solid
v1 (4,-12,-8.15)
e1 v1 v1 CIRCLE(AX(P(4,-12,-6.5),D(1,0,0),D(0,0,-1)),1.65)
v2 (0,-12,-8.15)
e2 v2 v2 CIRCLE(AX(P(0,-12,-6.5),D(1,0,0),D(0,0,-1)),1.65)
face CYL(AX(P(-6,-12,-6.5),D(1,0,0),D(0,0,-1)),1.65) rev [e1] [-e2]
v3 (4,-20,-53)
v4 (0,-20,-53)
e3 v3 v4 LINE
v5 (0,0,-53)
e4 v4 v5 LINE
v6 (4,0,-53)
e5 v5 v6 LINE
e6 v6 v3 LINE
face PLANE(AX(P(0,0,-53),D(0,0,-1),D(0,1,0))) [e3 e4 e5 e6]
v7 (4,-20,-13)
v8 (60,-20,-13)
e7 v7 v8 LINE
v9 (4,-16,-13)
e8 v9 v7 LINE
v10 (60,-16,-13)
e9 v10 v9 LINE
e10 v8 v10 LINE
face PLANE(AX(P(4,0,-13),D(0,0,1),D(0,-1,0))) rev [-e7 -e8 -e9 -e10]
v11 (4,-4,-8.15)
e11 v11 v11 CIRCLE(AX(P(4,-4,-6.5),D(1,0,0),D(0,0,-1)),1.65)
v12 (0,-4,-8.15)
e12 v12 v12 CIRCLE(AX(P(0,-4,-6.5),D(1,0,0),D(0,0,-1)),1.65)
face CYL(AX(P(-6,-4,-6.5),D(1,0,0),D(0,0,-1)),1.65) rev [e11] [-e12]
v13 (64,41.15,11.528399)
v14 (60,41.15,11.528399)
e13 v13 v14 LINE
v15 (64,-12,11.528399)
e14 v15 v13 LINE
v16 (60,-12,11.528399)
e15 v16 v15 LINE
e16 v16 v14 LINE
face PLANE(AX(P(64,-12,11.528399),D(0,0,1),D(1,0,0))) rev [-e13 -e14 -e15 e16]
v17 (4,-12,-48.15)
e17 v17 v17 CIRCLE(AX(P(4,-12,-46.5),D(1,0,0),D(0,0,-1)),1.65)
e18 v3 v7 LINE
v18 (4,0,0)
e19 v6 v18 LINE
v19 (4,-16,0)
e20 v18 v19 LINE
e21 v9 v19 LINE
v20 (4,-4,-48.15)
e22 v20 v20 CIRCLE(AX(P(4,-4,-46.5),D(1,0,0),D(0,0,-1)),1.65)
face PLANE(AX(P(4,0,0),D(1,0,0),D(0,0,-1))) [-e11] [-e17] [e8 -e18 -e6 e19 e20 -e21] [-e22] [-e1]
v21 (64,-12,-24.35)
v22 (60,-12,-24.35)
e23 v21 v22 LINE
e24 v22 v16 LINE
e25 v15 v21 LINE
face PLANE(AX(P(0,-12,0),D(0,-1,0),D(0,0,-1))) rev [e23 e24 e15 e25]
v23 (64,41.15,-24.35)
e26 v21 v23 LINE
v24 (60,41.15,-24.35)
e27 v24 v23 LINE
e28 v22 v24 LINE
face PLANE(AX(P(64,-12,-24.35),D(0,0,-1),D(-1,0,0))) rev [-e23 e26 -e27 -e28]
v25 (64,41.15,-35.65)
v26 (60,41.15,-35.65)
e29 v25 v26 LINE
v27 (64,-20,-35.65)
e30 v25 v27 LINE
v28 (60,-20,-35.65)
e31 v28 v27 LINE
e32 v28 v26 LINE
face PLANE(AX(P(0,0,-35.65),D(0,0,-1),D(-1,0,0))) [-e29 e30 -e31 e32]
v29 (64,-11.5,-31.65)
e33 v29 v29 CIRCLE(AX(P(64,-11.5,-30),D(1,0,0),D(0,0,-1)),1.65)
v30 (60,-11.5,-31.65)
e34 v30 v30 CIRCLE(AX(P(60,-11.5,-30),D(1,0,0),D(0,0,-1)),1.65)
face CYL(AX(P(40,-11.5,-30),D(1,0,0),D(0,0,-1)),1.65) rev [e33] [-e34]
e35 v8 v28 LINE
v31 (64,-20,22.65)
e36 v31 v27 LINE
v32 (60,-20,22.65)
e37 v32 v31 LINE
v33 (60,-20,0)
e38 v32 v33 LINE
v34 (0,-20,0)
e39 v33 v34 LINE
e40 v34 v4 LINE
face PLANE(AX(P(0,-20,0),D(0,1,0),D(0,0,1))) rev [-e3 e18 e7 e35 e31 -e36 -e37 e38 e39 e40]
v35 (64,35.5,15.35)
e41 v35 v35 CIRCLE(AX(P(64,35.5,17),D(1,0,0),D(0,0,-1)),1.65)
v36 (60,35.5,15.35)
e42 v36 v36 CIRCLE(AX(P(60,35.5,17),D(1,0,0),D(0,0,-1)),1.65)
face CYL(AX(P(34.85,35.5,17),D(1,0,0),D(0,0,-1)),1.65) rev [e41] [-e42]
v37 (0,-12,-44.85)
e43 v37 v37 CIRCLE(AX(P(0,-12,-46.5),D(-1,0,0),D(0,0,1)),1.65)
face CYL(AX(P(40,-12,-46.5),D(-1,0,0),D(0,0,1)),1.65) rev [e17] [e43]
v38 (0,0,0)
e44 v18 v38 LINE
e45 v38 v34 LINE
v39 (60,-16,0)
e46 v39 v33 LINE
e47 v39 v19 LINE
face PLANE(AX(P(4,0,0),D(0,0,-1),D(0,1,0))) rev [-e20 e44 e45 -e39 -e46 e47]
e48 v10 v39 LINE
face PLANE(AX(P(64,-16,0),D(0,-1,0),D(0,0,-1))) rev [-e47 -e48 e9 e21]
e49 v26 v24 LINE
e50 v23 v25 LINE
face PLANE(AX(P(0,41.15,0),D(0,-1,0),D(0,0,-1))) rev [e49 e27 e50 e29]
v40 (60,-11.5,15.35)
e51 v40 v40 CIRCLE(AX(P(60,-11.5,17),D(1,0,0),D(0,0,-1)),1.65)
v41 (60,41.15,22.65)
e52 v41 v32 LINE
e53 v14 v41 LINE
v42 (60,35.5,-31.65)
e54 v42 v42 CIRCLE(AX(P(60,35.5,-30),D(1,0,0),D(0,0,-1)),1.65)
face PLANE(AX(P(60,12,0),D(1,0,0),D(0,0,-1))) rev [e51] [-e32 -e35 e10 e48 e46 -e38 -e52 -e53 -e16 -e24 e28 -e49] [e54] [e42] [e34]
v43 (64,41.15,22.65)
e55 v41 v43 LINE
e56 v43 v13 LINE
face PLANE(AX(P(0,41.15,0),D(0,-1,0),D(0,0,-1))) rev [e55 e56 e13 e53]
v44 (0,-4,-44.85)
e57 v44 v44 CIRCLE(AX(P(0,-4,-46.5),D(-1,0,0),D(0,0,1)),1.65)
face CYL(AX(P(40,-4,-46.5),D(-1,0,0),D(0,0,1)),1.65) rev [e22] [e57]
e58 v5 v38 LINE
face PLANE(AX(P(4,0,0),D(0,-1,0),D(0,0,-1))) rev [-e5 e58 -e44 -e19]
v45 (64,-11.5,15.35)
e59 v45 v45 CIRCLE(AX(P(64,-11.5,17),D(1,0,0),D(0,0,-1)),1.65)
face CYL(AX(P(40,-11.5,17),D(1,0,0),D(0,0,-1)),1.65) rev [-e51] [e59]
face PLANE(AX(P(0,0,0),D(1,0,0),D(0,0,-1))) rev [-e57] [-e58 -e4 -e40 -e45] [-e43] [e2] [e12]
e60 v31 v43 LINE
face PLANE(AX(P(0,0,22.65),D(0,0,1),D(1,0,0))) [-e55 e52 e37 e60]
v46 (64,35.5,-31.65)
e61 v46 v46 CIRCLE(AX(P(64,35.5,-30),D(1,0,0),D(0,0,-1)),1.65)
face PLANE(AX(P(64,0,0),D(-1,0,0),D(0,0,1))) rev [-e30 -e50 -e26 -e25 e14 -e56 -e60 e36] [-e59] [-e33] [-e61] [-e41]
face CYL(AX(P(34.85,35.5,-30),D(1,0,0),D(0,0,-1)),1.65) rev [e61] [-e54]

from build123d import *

# Parameters (mm, degrees)
SKETCH1_W            = 13
SKETCH1_H            = 16
BOSS_EXTRUDE1_DEPTH  = 4
SKETCH2_R            = 1.65
CUT_EXTRUDE1_DEPTH   = 10
SKETCH3_W            = 4
SKETCH3_H            = 13
BOSS_EXTRUDE2_DEPTH  = 4
SKETCH4_W            = 13
SKETCH4_H            = 4
BOSS_EXTRUDE3_DEPTH  = 60
SKETCH6_W            = 4
SKETCH6_H            = 21
SKETCH6_H_2          = 13
BOSS_EXTRUDE4_DEPTH  = 28
SKETCH12_W           = 4
SKETCH12_H           = 28
BOSS_EXTRUDE8_DEPTH  = 1.65
SKETCH13_W           = 4
SKETCH13_H           = 28
BOSS_EXTRUDE9_DEPTH  = 1.65
SKETCH14_W           = 4
SKETCH14_H           = 35.878399396
CUT_EXTRUDE5_DEPTH   = 24
SKETCH15_R           = 1.65
CUT_EXTRUDE6_DEPTH   = 24
SKETCH16_W           = 4
SKETCH16_H           = 11.121600604
SKETCH16_H_2         = 11.3
BOSS_EXTRUDE10_DEPTH = 29.15
SKETCH17_R           = 1.65
CUT_EXTRUDE8_DEPTH   = 29.15
SKETCH18_W           = 22.65
SKETCH18_H           = 4
SKETCH18_W_2         = 13
BOSS_EXTRUDE11_DEPTH = 4
SKETCH19_W           = 4
SKETCH19_H           = 20
BOSS_EXTRUDE12_DEPTH = 40
SKETCH20_R           = 1.65
CUT_EXTRUDE9_DEPTH   = 40


with BuildPart() as part:
    # Sketch1 → Boss-Extrude1 (new body)
    with BuildSketch(Plane(origin=(0, 0, 0), x_dir=(0, 0, -1), z_dir=(1, 0, 0))):
        with Locations((6.5, -8)):
            Rectangle(SKETCH1_W, SKETCH1_H)
    extrude(amount=BOSS_EXTRUDE1_DEPTH)

    # Sketch2 → Cut-Extrude1 (cut)
    with BuildSketch(Plane(origin=(4, 0, 0), x_dir=(0, 0, -1), z_dir=(1, 0, 0))):
        with Locations((6.5, -4)):
            Circle(SKETCH2_R)
        with Locations((6.5, -12)):
            Circle(SKETCH2_R)
    extrude(amount=-CUT_EXTRUDE1_DEPTH, mode=Mode.SUBTRACT)

    # Sketch3 → Boss-Extrude2 (add)
    with BuildSketch(Plane.XZ.offset(16)):
        with Locations((2, -6.5)):
            Rectangle(SKETCH3_W, SKETCH3_H)
    extrude(amount=BOSS_EXTRUDE2_DEPTH)

    # Sketch4 → Boss-Extrude3 (add)
    with BuildSketch(Plane(origin=(4, 0, 0), x_dir=(0, 0, -1), z_dir=(1, 0, 0))):
        with Locations((6.5, -18)):
            Rectangle(SKETCH4_W, SKETCH4_H)
    extrude(amount=BOSS_EXTRUDE3_DEPTH)

    # Sketch6 → Boss-Extrude4 (add)
    with BuildSketch(Plane(origin=(0, -16, 0), x_dir=(1, 0, 0), z_dir=(0, 1, 0))):
        with Locations((62, -10.5)):
            Rectangle(SKETCH6_W, SKETCH6_H)
        with Locations((62, 23.5)):
            Rectangle(SKETCH6_W, SKETCH6_H)
        with Locations((62, 6.5)):
            Rectangle(SKETCH6_W, SKETCH6_H_2)
    extrude(amount=BOSS_EXTRUDE4_DEPTH)

    # Sketch12 → Boss-Extrude8 (add)
    with BuildSketch(Plane(origin=(0, 0, -34), x_dir=(-1, 0, 0), z_dir=(0, 0, -1))):
        with Locations((-62, -2)):
            Rectangle(SKETCH12_W, SKETCH12_H)
    extrude(amount=BOSS_EXTRUDE8_DEPTH)

    # Sketch13 → Boss-Extrude9 (add)
    with BuildSketch(Plane.XY.offset(21)):
        with Locations((62, -2)):
            Rectangle(SKETCH13_W, SKETCH13_H)
    extrude(amount=BOSS_EXTRUDE9_DEPTH)

    # Sketch14 → Cut-Extrude5 (cut)
    with BuildSketch(Plane(origin=(0, 12, 0), x_dir=(1, 0, 0), z_dir=(0, 1, 0))):
        with Locations((62, 6.410800302)):
            Rectangle(SKETCH14_W, SKETCH14_H)
    extrude(amount=-CUT_EXTRUDE5_DEPTH, mode=Mode.SUBTRACT)

    # Sketch15 → Cut-Extrude6 (cut)
    with BuildSketch(Plane(origin=(64, 0, 0), x_dir=(0, 0, -1), z_dir=(1, 0, 0))):
        with Locations((-17, -11.5)):
            Circle(SKETCH15_R)
        with Locations((30, -11.5)):
            Circle(SKETCH15_R)
    extrude(amount=-CUT_EXTRUDE6_DEPTH, mode=Mode.SUBTRACT)

    # Sketch16 → Boss-Extrude10 (add)
    with BuildSketch(Plane(origin=(0, 12, 0), x_dir=(1, 0, 0), z_dir=(0, 1, 0))):
        with Locations((62, -17.089199698)):
            Rectangle(SKETCH16_W, SKETCH16_H)
        with Locations((62, 30)):
            Rectangle(SKETCH16_W, SKETCH16_H_2)
    extrude(amount=BOSS_EXTRUDE10_DEPTH)

    # Sketch17 → Cut-Extrude8 (cut)
    with BuildSketch(Plane(origin=(64, 0, 0), x_dir=(0, 0, -1), z_dir=(1, 0, 0))):
        with Locations((-17, 35.5)):
            Circle(SKETCH17_R)
        with Locations((30, 35.5)):
            Circle(SKETCH17_R)
    extrude(amount=-CUT_EXTRUDE8_DEPTH, mode=Mode.SUBTRACT)

    # Sketch18 → Boss-Extrude11 (add)
    with BuildSketch(Plane(origin=(64, 0, 0), x_dir=(0, 0, -1), z_dir=(1, 0, 0))):
        with Locations((-11.325, -18)):
            Rectangle(SKETCH18_W, SKETCH18_H)
        with Locations((24.325, -18)):
            Rectangle(SKETCH18_W, SKETCH18_H)
        with Locations((6.5, -18)):
            Rectangle(SKETCH18_W_2, SKETCH18_H)
    extrude(amount=-BOSS_EXTRUDE11_DEPTH)

    # Sketch19 → Boss-Extrude12 (add)
    with BuildSketch(Plane(origin=(0, 0, -13), x_dir=(-1, 0, 0), z_dir=(0, 0, -1))):
        with Locations((-2, -10)):
            Rectangle(SKETCH19_W, SKETCH19_H)
    extrude(amount=BOSS_EXTRUDE12_DEPTH)

    # Sketch20 → Cut-Extrude9 (cut)
    with BuildSketch(Plane.ZY):
        with Locations((-46.5, -4)):
            Circle(SKETCH20_R)
        with Locations((-46.5, -12)):
            Circle(SKETCH20_R)
    extrude(amount=-CUT_EXTRUDE9_DEPTH, mode=Mode.SUBTRACT)


solid = part.part
